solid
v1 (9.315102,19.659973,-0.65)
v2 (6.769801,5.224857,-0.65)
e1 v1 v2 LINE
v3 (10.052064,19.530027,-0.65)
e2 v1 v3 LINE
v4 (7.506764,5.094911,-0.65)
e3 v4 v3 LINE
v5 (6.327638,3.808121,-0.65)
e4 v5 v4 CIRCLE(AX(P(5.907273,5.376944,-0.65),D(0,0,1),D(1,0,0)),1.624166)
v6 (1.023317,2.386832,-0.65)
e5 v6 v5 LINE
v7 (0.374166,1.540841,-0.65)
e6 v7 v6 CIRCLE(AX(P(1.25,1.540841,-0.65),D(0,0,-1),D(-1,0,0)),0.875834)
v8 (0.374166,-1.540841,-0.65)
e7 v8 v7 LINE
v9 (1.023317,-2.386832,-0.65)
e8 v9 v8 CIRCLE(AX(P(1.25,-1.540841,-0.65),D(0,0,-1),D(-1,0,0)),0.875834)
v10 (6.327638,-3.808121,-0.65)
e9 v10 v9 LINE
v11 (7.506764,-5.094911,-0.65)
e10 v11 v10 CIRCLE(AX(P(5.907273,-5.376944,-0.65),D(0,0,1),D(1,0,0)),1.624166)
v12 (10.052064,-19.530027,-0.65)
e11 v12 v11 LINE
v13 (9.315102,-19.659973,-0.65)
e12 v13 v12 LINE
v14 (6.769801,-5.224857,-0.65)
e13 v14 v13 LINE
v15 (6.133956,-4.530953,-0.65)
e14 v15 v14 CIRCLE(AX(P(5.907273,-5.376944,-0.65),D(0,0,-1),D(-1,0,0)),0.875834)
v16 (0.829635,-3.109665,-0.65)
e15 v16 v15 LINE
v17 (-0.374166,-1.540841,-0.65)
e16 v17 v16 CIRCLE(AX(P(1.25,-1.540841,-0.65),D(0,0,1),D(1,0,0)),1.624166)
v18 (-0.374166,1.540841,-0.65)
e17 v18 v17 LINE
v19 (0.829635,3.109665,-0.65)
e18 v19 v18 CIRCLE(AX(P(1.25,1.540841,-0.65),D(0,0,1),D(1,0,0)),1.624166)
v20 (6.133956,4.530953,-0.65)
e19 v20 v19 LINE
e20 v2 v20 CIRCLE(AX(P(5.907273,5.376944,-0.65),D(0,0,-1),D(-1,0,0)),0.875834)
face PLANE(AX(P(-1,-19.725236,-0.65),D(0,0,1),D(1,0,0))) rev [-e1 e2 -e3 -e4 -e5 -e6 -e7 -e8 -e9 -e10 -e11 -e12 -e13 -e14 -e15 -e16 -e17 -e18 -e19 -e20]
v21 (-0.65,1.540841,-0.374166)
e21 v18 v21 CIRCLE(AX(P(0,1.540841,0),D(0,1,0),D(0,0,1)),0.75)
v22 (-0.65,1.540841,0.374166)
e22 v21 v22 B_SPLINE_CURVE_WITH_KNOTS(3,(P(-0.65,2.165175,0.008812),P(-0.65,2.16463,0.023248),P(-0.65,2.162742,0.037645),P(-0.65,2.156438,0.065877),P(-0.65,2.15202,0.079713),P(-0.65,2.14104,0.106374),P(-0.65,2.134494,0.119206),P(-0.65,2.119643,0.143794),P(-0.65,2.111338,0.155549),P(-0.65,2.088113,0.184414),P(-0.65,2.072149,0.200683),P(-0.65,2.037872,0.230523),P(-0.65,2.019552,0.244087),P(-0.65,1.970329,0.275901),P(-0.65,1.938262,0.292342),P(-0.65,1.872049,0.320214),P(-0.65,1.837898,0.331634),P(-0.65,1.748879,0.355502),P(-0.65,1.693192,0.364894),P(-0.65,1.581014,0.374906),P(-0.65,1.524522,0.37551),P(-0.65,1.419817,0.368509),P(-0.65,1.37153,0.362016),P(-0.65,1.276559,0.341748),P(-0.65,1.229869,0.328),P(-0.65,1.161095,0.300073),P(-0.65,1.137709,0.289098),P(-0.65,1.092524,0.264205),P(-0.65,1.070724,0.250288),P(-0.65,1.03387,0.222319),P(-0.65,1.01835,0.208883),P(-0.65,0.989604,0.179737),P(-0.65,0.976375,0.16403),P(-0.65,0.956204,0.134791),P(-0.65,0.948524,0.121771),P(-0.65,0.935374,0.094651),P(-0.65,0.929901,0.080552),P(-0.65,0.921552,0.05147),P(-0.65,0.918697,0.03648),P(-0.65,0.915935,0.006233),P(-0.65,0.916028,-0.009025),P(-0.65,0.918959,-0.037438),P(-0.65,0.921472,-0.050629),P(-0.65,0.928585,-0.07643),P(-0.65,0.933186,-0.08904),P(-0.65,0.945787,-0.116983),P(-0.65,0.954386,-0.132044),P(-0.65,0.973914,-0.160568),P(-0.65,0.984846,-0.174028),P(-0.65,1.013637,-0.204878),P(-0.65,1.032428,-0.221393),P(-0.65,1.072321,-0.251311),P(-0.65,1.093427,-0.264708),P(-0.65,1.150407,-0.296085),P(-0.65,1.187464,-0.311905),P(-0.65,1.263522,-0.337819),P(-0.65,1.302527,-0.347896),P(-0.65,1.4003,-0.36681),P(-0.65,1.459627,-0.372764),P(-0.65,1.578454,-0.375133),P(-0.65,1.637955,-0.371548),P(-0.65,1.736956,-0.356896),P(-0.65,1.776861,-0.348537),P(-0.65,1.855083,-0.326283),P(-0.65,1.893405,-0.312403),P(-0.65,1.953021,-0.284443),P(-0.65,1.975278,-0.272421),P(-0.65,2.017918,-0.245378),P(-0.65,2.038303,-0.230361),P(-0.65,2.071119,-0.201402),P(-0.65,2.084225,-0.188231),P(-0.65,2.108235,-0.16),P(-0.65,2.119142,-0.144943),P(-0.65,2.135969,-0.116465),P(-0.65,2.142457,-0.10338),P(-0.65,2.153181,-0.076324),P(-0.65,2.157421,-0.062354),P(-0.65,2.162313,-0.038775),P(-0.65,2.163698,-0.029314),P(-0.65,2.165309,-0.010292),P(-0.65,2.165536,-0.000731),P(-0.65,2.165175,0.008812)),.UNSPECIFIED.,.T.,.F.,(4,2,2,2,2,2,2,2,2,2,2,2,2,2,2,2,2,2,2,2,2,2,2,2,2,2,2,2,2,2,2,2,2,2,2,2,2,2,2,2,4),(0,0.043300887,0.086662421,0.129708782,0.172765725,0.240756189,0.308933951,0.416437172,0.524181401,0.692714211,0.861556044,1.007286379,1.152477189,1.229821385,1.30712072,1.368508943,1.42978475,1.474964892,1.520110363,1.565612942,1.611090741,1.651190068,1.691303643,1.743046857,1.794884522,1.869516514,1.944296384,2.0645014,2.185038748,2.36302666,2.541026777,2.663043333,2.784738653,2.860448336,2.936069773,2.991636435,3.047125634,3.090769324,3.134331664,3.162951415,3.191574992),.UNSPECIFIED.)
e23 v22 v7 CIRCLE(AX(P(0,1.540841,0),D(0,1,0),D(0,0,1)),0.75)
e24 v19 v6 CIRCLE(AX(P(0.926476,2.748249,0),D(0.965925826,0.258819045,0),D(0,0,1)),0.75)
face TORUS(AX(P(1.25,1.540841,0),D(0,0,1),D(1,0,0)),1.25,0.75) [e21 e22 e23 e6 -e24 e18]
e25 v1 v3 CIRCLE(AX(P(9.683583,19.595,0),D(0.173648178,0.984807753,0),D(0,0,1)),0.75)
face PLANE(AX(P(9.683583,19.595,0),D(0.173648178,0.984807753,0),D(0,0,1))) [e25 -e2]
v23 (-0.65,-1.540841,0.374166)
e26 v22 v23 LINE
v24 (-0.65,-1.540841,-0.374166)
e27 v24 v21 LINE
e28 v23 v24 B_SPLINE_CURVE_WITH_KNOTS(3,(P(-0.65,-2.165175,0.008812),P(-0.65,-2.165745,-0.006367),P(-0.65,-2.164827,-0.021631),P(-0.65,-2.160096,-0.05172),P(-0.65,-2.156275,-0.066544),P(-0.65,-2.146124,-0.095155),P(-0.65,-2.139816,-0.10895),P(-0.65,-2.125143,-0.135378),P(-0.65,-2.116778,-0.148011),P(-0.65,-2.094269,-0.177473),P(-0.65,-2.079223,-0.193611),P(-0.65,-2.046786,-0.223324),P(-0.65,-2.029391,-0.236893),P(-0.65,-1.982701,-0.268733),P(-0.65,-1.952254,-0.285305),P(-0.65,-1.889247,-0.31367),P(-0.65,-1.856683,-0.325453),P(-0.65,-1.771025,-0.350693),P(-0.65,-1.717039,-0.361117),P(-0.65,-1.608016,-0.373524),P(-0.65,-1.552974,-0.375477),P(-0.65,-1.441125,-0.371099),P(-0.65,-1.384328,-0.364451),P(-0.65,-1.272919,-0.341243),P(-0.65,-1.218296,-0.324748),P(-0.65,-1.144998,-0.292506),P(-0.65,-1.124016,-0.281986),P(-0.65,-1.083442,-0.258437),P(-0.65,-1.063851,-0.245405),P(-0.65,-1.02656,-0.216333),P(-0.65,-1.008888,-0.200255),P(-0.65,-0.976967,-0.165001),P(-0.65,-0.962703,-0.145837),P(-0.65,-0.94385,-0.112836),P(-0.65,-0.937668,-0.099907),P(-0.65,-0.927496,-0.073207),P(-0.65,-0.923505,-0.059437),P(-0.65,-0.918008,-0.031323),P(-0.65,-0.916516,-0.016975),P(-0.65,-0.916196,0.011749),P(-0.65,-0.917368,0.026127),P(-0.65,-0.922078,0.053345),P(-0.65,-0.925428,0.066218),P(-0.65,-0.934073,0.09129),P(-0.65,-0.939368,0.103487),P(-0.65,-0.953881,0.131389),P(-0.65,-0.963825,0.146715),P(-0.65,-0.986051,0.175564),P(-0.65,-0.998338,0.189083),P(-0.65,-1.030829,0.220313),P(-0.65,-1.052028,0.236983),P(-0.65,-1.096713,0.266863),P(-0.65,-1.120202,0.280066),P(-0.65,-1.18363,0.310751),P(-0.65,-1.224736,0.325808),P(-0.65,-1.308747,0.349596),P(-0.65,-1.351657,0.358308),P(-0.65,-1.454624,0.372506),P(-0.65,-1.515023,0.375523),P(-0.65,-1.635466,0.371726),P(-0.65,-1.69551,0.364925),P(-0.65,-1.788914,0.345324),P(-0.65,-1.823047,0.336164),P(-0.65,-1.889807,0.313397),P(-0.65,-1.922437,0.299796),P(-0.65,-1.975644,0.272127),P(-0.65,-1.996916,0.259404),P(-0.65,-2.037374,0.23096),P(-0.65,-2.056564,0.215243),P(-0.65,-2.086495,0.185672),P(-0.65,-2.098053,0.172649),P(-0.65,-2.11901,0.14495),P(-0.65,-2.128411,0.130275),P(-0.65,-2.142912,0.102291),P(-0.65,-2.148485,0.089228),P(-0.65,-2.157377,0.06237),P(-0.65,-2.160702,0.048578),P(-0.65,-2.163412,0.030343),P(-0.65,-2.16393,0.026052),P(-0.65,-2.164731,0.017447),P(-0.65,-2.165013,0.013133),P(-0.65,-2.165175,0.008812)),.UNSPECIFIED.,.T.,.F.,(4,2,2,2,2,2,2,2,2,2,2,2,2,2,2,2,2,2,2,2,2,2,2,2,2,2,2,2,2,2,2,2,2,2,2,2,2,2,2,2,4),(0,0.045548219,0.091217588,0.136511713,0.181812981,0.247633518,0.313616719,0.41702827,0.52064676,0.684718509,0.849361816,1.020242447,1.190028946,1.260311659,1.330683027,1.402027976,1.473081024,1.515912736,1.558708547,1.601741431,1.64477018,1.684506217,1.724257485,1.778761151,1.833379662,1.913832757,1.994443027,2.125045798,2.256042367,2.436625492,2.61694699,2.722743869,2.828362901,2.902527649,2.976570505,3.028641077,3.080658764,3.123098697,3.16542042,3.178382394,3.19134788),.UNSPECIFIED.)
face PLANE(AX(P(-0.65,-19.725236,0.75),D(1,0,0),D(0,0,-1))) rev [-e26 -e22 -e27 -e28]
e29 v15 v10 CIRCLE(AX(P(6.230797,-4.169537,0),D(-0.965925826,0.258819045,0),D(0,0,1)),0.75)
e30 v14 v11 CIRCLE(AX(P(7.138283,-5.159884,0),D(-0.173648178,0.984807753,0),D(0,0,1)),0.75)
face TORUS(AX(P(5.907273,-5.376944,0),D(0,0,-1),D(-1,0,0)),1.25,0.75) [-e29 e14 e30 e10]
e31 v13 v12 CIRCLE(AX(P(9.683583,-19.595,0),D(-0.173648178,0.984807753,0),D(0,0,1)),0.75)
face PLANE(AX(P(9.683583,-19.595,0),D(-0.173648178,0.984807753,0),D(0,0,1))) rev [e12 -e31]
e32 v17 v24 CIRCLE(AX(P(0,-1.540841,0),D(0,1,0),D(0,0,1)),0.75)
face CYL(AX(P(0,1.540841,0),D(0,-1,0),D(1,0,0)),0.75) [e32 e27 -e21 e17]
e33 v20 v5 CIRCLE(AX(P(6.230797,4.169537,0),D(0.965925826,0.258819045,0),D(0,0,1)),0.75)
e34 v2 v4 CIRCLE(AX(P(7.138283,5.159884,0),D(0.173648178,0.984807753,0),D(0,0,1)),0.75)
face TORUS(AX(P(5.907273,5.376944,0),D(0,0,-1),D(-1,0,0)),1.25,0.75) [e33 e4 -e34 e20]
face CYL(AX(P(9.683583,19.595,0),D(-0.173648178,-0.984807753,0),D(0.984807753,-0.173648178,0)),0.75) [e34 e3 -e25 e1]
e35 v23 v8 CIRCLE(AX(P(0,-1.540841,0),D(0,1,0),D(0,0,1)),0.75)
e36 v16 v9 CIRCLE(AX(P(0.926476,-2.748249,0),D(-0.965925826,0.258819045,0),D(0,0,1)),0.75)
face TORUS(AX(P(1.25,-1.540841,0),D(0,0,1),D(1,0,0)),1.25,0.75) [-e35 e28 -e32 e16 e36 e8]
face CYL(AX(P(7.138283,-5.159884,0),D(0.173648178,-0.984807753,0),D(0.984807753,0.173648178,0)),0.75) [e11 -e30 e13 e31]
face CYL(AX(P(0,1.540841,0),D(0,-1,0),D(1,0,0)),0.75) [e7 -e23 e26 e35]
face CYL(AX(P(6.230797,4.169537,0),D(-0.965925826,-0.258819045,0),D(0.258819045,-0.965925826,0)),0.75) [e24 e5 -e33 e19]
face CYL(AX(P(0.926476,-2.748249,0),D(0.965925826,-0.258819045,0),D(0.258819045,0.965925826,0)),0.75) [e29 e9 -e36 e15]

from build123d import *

# Parameters (mm, degrees)
SKETCH_2_R               = 0.75
CUT_EXTRUDE_1_DEPTH      = 23.321950206
CUT_EXTRUDE_1_DEPTH_BACK = 23.321950206
SKETCH_3_W               = 12
SKETCH_3_H               = 0.1
CUT_EXTRUDE_2_DEPTH      = 23.321950206
CUT_EXTRUDE_2_DEPTH_BACK = 23.321950206
SKETCH_4_W               = 0.1
SKETCH_4_H               = 1.5


with BuildPart() as part:
    # По траектории1: sweep along a path in Эскиз1
    with BuildLine(Plane.XY) as sweep_1_path:
        Line((9.683583031, 19.595), (7.138282612, 5.159884012))
        ThreePointArc((7.138282612, 5.159884012), (6.828869592, 4.532456475), (6.230796727, 4.169536951))
        Line((6.230796727, 4.169536951), (0.926476194, 2.748248548))
        ThreePointArc((0.926476194, 2.748248548), (0.258308325, 2.301793051), (0, 1.540841265))
        Line((0, 1.540841265), (0, -1.540841265))
        ThreePointArc((0, -1.540841265), (0.258308325, -2.301793051), (0.926476194, -2.748248548))
        Line((0.926476194, -2.748248548), (6.230796727, -4.169536951))
        ThreePointArc((6.230796727, -4.169536951), (6.828869592, -4.532456475), (7.138282612, -5.159884012))
        Line((7.138282612, -5.159884012), (9.683583031, -19.595))
    # Эскиз2 → По траектории1 (sweep)
    with BuildSketch(Plane(origin=(0, 0, 0), x_dir=(1, 0, 0), z_dir=(0, 1, 0))):
        Circle(SKETCH_2_R)
    sweep(path=sweep_1_path.line)

    # Эскиз3 → Вырез-Вытянуть1 (cut, two sides: drawn at the far end of the back side and taken through both)
    with BuildSketch(Plane(origin=(0, 0, 0), x_dir=(1, 0, 0), z_dir=(0, 1, 0)).offset(-CUT_EXTRUDE_1_DEPTH_BACK)):
        with Locations((5, 0.7)):
            Rectangle(SKETCH_3_W, SKETCH_3_H)
    extrude(amount=CUT_EXTRUDE_1_DEPTH + CUT_EXTRUDE_1_DEPTH_BACK, mode=Mode.SUBTRACT)

    # Эскиз4 → Вырез-Вытянуть2 (cut, two sides: drawn at the far end of the back side and taken through both)
    with BuildSketch(Plane(origin=(0, 0, 0), x_dir=(1, 0, 0), z_dir=(0, 1, 0)).offset(-CUT_EXTRUDE_2_DEPTH_BACK)):
        with Locations((-0.7, 0)):
            Rectangle(SKETCH_4_W, SKETCH_4_H)
    extrude(amount=CUT_EXTRUDE_2_DEPTH + CUT_EXTRUDE_2_DEPTH_BACK, mode=Mode.SUBTRACT)


solid = part.part
